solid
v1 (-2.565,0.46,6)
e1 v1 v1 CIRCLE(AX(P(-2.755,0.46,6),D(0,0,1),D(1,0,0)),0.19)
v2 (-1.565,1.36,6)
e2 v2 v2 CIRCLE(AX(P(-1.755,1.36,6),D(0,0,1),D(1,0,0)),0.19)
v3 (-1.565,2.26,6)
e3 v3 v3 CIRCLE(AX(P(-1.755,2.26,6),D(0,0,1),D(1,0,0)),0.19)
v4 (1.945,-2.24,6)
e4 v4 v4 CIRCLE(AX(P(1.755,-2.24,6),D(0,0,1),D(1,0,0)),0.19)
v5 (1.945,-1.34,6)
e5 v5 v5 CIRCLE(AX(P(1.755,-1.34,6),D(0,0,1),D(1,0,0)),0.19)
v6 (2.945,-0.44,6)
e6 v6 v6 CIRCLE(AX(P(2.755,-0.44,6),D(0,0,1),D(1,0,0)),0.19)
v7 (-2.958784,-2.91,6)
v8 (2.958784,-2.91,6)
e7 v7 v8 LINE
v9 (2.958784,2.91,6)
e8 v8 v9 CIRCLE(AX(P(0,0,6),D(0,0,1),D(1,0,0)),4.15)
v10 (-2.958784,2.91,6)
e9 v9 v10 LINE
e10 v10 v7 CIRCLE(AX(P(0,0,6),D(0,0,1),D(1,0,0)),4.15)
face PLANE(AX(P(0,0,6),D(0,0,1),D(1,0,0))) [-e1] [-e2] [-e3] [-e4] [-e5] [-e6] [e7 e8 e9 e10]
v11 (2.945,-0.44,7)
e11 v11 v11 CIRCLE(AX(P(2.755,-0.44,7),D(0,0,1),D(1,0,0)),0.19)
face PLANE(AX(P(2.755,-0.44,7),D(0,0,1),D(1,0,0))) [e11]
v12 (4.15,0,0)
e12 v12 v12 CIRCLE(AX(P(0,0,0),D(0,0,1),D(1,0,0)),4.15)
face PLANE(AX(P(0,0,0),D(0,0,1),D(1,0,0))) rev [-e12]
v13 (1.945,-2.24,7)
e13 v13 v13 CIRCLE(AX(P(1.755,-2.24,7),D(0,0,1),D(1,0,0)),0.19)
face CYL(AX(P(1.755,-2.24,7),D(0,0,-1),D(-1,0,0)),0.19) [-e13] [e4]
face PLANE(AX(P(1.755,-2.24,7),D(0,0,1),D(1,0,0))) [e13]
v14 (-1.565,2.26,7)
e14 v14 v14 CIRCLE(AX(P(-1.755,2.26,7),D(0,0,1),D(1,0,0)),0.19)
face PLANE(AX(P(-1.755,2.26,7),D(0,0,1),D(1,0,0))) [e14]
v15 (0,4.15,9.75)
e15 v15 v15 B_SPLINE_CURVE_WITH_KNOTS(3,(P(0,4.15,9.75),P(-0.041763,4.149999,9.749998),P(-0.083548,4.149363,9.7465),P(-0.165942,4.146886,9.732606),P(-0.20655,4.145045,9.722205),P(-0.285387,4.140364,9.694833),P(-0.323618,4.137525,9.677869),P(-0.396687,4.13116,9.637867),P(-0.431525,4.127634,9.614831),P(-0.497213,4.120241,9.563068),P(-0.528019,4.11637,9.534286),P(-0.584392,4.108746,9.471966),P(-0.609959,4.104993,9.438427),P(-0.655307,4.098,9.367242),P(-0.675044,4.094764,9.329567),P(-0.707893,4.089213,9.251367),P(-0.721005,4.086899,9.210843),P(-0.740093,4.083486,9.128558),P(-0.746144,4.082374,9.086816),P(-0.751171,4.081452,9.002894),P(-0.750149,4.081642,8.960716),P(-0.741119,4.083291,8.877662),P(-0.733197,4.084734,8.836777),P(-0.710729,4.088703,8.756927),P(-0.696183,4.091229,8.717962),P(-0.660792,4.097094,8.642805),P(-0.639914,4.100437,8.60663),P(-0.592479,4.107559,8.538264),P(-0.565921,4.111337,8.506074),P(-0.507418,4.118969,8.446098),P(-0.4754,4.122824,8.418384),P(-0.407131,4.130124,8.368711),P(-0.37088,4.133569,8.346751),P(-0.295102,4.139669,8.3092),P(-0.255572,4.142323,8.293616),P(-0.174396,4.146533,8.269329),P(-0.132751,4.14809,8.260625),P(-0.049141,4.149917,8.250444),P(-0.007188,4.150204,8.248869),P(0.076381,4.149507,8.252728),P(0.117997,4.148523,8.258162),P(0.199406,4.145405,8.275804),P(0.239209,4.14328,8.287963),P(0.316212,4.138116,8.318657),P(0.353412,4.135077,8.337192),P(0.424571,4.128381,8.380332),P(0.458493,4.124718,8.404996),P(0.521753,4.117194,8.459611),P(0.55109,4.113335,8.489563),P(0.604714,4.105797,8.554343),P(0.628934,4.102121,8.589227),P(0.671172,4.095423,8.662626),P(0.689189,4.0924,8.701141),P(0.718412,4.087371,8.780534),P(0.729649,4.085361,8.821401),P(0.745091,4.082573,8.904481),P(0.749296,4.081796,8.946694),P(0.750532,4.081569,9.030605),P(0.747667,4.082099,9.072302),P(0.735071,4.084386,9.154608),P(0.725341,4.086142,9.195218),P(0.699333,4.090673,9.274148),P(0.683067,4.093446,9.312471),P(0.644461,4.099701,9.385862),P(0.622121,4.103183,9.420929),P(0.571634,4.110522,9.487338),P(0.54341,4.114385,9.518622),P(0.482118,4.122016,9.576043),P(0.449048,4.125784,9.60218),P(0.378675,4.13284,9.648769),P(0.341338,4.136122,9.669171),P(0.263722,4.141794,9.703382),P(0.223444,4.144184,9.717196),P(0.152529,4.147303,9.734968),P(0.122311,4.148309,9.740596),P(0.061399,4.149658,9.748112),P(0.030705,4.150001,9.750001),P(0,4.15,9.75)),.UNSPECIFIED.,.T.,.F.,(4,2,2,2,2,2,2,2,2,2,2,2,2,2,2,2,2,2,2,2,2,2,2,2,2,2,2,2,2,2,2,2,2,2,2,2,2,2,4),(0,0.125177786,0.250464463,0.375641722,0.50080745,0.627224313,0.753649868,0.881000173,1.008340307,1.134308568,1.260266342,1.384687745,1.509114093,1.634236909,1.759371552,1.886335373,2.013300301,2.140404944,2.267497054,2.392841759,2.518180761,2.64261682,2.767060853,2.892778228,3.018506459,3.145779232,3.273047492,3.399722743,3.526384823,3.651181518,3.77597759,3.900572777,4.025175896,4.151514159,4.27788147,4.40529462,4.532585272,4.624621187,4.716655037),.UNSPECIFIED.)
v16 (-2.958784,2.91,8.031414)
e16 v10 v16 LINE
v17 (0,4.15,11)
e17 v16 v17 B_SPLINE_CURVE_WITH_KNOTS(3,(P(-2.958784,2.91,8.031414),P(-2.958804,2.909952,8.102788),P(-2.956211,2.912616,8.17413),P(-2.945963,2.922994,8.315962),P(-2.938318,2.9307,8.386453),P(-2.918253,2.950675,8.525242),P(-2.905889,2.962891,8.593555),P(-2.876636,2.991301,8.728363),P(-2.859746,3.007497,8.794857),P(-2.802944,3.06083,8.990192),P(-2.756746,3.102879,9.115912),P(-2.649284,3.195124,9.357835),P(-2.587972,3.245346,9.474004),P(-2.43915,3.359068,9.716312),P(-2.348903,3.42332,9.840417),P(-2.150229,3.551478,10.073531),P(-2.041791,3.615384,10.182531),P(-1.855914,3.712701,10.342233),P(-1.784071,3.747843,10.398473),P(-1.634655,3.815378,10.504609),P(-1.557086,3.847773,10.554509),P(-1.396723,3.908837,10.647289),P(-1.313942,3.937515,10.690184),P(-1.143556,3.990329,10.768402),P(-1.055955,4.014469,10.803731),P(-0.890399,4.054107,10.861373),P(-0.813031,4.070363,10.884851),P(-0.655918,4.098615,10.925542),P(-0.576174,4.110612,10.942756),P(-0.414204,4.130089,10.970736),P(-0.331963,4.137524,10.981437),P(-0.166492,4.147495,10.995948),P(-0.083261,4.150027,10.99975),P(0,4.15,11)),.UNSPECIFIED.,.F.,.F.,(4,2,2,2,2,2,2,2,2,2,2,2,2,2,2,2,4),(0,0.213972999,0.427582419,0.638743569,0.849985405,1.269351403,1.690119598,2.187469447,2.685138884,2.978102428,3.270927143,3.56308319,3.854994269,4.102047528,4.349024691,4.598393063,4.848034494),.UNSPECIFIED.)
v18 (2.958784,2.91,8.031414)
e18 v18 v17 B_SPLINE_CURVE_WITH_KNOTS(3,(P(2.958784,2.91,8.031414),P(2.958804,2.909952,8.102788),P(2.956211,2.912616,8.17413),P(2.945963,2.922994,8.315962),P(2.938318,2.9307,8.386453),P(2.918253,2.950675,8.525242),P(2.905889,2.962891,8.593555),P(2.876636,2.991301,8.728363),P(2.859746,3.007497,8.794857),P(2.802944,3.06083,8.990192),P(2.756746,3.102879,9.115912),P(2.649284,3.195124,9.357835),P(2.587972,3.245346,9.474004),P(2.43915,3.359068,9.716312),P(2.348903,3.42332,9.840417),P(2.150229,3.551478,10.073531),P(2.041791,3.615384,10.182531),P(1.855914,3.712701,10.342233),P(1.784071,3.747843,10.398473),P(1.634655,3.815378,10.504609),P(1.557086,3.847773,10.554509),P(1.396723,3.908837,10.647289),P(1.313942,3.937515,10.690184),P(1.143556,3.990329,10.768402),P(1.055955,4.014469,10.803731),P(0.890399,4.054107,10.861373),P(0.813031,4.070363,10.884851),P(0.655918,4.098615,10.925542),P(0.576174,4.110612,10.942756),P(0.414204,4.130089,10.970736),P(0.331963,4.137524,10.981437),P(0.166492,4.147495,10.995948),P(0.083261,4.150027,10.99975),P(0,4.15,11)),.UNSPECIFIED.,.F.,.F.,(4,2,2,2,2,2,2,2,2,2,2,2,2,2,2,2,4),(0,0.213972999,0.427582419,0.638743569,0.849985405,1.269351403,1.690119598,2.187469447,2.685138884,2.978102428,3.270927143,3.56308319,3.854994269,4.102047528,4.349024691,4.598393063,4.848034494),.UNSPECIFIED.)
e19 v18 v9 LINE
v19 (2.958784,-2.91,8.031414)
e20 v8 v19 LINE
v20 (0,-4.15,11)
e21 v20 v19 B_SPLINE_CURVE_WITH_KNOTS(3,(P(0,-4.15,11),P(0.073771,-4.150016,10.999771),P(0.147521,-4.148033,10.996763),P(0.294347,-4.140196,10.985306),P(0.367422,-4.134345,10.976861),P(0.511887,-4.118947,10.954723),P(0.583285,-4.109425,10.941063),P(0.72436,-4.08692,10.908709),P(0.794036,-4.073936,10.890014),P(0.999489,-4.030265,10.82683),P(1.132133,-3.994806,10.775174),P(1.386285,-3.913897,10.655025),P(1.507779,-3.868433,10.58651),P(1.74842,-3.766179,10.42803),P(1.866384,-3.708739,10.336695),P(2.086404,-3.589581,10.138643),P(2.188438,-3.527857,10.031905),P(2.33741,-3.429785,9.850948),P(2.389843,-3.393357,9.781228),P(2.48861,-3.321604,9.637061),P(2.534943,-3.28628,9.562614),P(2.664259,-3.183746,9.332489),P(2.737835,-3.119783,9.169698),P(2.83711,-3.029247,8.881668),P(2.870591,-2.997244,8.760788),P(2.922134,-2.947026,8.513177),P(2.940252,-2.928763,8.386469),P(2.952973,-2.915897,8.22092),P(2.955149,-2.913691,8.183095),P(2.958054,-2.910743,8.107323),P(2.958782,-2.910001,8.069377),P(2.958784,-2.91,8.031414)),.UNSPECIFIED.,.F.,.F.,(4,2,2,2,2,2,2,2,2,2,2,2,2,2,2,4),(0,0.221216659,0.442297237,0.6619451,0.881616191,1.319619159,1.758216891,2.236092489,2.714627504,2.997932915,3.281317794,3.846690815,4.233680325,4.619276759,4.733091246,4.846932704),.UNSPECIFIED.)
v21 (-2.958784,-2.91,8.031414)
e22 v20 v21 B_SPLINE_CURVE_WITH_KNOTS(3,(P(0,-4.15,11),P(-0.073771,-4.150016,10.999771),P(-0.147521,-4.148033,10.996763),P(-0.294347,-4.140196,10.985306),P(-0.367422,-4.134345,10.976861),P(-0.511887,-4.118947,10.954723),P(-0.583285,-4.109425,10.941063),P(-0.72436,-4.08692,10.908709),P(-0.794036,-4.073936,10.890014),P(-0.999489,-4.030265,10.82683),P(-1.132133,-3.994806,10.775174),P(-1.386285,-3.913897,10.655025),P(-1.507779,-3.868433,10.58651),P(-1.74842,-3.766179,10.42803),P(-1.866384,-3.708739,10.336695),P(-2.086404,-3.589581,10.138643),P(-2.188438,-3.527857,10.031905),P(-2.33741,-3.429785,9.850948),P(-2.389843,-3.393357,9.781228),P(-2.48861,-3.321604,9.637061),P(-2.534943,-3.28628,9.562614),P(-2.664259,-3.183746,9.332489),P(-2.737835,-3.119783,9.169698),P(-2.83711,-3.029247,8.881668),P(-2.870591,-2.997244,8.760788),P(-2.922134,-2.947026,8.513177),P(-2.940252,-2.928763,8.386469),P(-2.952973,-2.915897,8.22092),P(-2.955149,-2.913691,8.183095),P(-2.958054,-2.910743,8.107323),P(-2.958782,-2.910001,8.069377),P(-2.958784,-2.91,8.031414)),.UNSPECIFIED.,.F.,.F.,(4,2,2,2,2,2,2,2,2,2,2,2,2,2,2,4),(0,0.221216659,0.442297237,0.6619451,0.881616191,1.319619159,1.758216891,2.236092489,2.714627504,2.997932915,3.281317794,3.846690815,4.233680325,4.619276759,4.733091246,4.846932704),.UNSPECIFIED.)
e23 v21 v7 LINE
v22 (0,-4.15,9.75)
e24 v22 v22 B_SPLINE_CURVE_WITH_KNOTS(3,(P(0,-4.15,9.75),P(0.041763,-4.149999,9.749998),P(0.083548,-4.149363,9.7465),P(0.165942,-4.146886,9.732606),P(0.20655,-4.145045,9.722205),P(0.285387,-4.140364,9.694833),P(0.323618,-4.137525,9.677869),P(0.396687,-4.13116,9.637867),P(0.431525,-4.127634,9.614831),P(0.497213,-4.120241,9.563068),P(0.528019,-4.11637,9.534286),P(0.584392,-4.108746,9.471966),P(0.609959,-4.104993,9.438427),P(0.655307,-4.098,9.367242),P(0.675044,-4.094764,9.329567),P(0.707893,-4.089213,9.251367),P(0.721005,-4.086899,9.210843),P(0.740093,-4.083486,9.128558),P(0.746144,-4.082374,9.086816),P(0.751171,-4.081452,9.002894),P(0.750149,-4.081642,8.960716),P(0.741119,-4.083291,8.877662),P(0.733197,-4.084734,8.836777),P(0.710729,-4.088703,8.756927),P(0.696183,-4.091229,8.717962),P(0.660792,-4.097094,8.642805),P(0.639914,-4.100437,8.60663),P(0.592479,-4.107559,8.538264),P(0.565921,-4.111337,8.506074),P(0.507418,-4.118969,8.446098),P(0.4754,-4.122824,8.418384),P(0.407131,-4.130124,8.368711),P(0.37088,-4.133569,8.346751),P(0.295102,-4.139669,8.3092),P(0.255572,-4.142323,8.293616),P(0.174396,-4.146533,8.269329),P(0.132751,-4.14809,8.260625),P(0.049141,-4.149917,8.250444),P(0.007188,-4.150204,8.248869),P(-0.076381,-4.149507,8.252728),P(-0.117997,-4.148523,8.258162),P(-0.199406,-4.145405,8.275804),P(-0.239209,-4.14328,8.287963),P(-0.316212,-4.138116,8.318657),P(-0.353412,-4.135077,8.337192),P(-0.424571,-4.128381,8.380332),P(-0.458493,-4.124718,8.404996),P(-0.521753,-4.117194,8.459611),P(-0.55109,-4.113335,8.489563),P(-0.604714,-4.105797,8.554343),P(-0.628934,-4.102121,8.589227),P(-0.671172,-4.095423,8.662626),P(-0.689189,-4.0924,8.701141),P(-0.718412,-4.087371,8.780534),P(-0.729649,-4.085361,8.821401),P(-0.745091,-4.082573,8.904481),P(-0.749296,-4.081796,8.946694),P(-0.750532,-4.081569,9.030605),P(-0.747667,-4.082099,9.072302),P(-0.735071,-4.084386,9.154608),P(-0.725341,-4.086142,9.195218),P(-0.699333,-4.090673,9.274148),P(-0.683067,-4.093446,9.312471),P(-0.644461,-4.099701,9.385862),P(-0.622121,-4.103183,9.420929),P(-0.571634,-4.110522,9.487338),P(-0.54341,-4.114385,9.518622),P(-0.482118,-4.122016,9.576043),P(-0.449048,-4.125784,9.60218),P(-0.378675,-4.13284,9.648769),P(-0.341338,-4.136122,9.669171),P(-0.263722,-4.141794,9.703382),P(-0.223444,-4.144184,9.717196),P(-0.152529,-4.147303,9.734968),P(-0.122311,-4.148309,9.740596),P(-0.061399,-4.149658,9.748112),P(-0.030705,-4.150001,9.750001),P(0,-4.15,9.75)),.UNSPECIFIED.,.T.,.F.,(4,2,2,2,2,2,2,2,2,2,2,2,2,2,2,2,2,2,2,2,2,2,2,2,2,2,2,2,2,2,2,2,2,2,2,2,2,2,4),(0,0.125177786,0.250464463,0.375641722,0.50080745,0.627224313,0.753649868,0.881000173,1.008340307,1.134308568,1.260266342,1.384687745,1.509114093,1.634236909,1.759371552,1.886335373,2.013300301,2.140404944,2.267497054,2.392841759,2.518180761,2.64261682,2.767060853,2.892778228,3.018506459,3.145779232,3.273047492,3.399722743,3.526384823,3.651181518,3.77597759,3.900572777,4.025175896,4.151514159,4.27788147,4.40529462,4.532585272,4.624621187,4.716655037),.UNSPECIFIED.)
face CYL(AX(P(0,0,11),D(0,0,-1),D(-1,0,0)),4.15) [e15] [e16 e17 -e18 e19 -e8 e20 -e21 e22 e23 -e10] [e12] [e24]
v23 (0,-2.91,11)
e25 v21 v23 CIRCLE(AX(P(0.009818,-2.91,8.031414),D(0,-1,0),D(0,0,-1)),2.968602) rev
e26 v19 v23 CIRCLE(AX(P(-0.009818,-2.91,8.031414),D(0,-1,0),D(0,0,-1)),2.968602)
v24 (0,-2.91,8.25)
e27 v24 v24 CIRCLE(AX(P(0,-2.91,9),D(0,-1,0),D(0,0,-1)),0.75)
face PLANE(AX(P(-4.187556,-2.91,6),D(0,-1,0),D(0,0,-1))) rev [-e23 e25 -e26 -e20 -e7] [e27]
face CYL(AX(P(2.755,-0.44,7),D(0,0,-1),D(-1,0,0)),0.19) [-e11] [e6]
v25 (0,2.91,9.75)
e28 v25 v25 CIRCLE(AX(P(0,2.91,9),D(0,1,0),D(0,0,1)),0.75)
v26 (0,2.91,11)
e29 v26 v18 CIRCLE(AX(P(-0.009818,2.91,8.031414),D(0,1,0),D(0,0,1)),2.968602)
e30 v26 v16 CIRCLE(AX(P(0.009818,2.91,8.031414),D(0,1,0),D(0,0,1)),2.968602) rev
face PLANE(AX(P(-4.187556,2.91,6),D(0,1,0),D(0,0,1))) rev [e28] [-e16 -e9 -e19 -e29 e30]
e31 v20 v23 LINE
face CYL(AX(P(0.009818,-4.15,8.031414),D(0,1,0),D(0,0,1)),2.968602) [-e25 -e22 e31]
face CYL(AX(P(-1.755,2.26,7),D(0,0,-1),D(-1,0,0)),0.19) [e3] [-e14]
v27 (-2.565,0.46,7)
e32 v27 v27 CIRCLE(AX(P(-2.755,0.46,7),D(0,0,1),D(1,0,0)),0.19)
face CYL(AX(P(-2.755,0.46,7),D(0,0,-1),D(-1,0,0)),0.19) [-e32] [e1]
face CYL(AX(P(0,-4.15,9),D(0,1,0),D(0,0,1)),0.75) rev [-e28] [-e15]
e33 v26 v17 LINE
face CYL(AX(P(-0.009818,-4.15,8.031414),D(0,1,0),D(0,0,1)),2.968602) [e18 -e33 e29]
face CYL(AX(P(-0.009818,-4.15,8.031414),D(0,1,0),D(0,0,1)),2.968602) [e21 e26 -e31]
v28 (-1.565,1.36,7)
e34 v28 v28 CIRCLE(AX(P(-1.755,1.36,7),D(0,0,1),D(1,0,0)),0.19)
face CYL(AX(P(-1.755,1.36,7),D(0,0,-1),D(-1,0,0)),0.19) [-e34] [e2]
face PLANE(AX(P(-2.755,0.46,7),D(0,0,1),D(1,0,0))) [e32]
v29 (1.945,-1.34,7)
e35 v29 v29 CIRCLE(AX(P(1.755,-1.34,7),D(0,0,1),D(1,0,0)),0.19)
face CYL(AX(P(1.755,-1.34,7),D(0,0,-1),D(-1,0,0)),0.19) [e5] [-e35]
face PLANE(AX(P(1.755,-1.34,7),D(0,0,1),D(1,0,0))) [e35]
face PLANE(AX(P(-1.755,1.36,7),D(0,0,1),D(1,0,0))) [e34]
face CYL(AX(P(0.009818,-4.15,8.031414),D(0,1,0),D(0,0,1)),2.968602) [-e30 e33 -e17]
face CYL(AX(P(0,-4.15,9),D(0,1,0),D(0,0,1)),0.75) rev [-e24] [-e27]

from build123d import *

# Parameters (mm, degrees)
SKETCH1_R               = 4.15
BOSS_EXTRUDE1_DEPTH     = 11
SKETCH2_W               = 8.37511106
SKETCH2_H               = 5.82
CUT_EXTRUDE1_DEPTH      = 5
CUT_EXTRUDE2_DEPTH      = 13.467758419
CUT_EXTRUDE3_DEPTH      = 13.467758574
CUT_EXTRUDE3_DEPTH_BACK = 13.467758574
SKETCH4_R               = 0.75
SKETCH5_R               = 0.19
BOSS_EXTRUDE2_DEPTH     = 1


with BuildPart() as part:
    # Sketch1 → Boss-Extrude1 (new body)
    with BuildSketch(Plane.XY):
        Circle(SKETCH1_R)
    extrude(amount=BOSS_EXTRUDE1_DEPTH)

    # Sketch2 → Cut-Extrude1 (cut)
    with BuildSketch(Plane.XY.offset(11)):
        Rectangle(SKETCH2_W, SKETCH2_H)
    extrude(amount=-CUT_EXTRUDE1_DEPTH, mode=Mode.SUBTRACT)

    # Sketch3 → Cut-Extrude2 (cut, symmetric)
    with BuildSketch(Plane(origin=(0, 0, 0), x_dir=(1, 0, 0), z_dir=(0, 1, 0))):
        with BuildLine():
            Line((-2.958783534, -8.031414478), (-2.958783534, -11))
            Line((-2.958783534, -11), (0, -11))
            ThreePointArc((0, -11), (-2.092768611, -10.127058771), (-2.958783534, -8.031414478))
        make_face()
    cut_extrude2 = extrude(amount=CUT_EXTRUDE2_DEPTH, both=True, mode=Mode.SUBTRACT)

    # Mirror1: Cut-Extrude2 across plane
    add(cut_extrude2.mirror(Plane(origin=(0, 0, 0), x_dir=(0, 0, 1), z_dir=(1, 0, 0))), mode=Mode.SUBTRACT)

    # Sketch4 → Cut-Extrude3 (cut, two sides: drawn at the far end of the back side and taken through both)
    with BuildSketch(Plane(origin=(0, 0, 0), x_dir=(1, 0, 0), z_dir=(0, 1, 0)).offset(-CUT_EXTRUDE3_DEPTH_BACK)):
        with Locations(Location((0, -9, 0), (0, 0, 270))):
            Circle(SKETCH4_R)
    extrude(amount=CUT_EXTRUDE3_DEPTH + CUT_EXTRUDE3_DEPTH_BACK, mode=Mode.SUBTRACT)

    # Sketch5 → Boss-Extrude2 (add)
    with BuildSketch(Plane.XY.offset(6)):
        with Locations((-1.755, 2.26)):
            Circle(SKETCH5_R)
        with Locations((-1.755, 1.36)):
            Circle(SKETCH5_R)
        with Locations((1.755, -1.34)):
            Circle(SKETCH5_R)
        with Locations((1.755, -2.24)):
            Circle(SKETCH5_R)
        with Locations((-2.755, 0.46)):
            Circle(SKETCH5_R)
        with Locations((2.755, -0.44)):
            Circle(SKETCH5_R)
    extrude(amount=BOSS_EXTRUDE2_DEPTH)


solid = part.part
